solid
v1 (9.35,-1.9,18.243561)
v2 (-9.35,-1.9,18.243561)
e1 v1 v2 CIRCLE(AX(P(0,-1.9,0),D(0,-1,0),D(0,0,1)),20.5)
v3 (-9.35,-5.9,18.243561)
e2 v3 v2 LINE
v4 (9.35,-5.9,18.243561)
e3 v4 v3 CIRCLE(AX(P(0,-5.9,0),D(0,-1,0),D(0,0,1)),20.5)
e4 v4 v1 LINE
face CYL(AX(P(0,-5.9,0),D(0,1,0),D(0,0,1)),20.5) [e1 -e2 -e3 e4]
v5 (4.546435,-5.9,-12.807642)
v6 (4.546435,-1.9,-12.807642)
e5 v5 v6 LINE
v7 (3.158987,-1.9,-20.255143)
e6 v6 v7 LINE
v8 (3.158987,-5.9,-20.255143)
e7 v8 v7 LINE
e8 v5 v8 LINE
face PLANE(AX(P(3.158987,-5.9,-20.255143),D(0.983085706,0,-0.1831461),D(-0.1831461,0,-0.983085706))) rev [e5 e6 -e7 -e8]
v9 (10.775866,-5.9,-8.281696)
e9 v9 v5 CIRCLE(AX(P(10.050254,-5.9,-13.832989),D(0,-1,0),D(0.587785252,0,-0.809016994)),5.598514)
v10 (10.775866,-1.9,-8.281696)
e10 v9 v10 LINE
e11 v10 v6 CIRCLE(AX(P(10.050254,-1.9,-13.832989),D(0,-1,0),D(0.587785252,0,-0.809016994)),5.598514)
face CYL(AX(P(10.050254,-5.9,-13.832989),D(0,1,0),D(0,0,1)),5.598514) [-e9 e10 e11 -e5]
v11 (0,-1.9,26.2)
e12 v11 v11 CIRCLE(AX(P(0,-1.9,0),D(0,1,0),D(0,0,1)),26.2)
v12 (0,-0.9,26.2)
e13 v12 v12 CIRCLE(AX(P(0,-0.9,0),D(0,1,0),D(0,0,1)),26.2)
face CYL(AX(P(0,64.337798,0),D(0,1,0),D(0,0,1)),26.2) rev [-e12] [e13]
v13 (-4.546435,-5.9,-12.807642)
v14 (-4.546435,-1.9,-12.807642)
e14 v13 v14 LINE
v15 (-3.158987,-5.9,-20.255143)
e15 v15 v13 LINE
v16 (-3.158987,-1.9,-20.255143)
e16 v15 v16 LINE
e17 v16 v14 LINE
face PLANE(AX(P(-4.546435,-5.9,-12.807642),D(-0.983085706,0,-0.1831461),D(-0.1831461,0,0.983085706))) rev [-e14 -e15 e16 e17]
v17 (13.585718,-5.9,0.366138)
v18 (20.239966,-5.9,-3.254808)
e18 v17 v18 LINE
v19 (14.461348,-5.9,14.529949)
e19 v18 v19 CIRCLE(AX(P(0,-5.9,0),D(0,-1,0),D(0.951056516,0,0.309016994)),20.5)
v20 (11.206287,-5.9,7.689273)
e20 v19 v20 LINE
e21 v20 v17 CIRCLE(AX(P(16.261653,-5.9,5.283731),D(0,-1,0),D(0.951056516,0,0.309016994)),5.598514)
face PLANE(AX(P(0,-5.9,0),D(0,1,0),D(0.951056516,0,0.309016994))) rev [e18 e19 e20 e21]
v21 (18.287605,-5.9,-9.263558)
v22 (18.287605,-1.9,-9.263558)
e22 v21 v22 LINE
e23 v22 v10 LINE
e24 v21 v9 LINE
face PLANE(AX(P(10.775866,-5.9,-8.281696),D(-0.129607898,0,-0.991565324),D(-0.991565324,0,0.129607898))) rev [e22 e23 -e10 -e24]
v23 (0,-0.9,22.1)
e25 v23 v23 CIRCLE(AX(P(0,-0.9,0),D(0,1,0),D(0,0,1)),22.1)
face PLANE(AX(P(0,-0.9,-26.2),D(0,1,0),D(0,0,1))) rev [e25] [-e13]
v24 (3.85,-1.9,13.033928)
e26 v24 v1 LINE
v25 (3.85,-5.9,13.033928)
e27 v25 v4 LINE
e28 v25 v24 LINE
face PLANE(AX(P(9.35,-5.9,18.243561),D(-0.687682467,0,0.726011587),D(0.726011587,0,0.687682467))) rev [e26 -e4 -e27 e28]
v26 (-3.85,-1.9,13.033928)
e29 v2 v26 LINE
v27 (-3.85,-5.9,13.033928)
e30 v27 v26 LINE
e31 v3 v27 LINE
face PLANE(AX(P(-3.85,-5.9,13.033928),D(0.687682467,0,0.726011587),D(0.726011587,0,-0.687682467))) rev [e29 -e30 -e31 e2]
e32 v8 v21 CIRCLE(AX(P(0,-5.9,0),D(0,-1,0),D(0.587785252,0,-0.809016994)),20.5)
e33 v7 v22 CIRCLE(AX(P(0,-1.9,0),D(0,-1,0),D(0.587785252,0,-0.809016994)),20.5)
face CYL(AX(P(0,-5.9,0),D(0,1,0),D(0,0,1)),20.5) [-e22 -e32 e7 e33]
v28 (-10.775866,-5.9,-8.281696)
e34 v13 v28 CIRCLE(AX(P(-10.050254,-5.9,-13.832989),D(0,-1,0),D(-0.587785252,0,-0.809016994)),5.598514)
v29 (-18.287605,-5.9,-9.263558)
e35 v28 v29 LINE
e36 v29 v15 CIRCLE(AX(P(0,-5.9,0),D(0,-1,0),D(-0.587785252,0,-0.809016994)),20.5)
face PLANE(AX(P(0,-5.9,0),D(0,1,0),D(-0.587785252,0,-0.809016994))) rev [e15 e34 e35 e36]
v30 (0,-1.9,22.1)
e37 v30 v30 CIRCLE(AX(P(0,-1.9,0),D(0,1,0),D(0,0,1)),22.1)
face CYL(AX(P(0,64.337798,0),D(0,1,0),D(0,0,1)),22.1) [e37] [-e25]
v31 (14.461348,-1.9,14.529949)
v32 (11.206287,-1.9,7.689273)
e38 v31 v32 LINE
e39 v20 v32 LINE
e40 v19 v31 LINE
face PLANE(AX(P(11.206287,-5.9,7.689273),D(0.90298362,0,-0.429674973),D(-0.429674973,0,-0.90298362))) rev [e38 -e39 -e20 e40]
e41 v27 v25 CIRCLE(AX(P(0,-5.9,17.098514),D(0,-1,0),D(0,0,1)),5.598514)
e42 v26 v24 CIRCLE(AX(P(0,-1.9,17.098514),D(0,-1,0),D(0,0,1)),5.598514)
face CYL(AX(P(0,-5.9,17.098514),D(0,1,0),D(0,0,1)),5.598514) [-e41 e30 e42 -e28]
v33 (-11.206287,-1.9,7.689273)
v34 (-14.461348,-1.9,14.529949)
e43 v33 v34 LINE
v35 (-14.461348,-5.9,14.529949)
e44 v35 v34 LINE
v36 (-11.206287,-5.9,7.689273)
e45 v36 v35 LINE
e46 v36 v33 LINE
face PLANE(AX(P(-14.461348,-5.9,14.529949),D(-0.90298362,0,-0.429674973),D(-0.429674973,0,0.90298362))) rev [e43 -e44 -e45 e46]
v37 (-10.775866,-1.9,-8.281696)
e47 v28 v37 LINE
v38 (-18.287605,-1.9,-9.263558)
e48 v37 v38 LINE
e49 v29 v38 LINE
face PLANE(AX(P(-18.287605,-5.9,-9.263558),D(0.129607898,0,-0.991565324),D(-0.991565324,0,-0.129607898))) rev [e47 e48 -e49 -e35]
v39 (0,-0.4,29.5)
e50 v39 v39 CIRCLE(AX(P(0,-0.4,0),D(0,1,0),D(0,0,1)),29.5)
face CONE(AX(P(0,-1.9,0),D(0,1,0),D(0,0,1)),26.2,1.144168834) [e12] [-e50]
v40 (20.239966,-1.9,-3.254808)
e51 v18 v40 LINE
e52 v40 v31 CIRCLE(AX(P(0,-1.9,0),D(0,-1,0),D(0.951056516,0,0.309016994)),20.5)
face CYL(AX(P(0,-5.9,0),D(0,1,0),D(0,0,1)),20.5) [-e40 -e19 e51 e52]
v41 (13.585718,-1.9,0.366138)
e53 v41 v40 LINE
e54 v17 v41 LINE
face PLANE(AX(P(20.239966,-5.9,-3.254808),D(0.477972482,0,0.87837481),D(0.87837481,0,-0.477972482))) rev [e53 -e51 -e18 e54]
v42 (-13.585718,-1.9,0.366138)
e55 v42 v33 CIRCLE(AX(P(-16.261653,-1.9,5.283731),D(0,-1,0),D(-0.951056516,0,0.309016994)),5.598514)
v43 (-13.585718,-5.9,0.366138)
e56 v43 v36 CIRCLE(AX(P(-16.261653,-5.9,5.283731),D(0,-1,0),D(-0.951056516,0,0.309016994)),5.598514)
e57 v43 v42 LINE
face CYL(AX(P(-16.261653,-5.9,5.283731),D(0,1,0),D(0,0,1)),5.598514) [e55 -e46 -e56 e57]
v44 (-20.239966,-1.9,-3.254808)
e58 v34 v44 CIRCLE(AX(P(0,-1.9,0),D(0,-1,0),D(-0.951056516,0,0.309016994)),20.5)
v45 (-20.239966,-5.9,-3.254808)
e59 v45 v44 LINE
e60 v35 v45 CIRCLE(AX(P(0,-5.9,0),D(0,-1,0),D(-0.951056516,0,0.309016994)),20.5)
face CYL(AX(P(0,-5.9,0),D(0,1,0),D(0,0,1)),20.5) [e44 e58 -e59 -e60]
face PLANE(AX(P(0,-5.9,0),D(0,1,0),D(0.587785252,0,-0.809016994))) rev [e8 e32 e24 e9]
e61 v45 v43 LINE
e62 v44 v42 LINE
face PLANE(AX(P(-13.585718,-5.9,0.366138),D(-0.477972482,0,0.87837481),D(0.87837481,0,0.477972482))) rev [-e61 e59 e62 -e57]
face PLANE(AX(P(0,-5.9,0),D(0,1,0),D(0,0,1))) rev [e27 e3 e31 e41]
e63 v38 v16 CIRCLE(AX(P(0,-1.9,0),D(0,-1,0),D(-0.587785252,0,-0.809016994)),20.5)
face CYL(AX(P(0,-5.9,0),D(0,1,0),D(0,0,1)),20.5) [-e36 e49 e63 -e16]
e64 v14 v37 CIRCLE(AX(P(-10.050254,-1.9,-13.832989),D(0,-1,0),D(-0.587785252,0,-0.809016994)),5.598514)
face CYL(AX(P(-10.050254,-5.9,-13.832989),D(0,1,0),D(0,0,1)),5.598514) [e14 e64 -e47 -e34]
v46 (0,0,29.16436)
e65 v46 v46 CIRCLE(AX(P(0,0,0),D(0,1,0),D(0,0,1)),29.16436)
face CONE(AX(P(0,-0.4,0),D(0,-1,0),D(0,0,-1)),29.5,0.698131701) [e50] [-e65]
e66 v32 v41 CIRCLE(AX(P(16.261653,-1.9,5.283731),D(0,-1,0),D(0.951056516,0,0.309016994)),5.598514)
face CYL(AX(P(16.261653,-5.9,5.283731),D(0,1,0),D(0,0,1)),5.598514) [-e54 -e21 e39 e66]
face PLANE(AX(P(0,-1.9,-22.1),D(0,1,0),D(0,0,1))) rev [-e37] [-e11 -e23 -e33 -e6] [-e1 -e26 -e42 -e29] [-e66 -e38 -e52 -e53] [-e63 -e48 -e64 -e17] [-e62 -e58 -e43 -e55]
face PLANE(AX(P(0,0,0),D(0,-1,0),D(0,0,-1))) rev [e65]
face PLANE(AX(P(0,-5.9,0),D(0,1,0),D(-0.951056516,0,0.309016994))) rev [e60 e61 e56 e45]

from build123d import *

# Parameters (mm, degrees)
BOSS_EXTRUDE1_DEPTH = 4
CIRPATTERN1_COUNT   = 5


with BuildPart() as part:
    # Sketch1 → Revolve1 (revolve)
    with BuildSketch(Plane(origin=(0, 0, 0), x_dir=(0, 0, -1), z_dir=(1, 0, 0))):
        Polygon((0, 0), (29.164360148, 0), (29.5, -0.4), (26.2, -1.9), (26.2, -0.9), (22.1, -0.9), (22.1, -1.9), (0, -1.9), align=None)
    revolve(axis=Axis((0, 64.33779776, 0), (0, -1, 0)))

    # Sketch2 → Boss-Extrude1 (add)
    with BuildSketch(Plane.XZ.offset(1.9)):
        with BuildLine():
            Line((9.35, 18.243560508), (3.85, 13.033927997))
            ThreePointArc((3.85, 13.033927997), (0, 11.5), (-3.85, 13.033927997))
            Line((-3.85, 13.033927997), (-9.35, 18.243560508))
            ThreePointArc((-9.35, 18.243560508), (0, 20.5), (9.35, 18.243560508))
        make_face()
    boss_extrude1 = extrude(amount=BOSS_EXTRUDE1_DEPTH)

    # CirPattern1: Boss-Extrude1 ×5 about axis
    cirpattern1_axis = Axis((0, 64.33779776, 0), (0, -1, 0))
    for i in range(1, CIRPATTERN1_COUNT):
        add(boss_extrude1.rotate(cirpattern1_axis, i * 360 / CIRPATTERN1_COUNT))


solid = part.part
